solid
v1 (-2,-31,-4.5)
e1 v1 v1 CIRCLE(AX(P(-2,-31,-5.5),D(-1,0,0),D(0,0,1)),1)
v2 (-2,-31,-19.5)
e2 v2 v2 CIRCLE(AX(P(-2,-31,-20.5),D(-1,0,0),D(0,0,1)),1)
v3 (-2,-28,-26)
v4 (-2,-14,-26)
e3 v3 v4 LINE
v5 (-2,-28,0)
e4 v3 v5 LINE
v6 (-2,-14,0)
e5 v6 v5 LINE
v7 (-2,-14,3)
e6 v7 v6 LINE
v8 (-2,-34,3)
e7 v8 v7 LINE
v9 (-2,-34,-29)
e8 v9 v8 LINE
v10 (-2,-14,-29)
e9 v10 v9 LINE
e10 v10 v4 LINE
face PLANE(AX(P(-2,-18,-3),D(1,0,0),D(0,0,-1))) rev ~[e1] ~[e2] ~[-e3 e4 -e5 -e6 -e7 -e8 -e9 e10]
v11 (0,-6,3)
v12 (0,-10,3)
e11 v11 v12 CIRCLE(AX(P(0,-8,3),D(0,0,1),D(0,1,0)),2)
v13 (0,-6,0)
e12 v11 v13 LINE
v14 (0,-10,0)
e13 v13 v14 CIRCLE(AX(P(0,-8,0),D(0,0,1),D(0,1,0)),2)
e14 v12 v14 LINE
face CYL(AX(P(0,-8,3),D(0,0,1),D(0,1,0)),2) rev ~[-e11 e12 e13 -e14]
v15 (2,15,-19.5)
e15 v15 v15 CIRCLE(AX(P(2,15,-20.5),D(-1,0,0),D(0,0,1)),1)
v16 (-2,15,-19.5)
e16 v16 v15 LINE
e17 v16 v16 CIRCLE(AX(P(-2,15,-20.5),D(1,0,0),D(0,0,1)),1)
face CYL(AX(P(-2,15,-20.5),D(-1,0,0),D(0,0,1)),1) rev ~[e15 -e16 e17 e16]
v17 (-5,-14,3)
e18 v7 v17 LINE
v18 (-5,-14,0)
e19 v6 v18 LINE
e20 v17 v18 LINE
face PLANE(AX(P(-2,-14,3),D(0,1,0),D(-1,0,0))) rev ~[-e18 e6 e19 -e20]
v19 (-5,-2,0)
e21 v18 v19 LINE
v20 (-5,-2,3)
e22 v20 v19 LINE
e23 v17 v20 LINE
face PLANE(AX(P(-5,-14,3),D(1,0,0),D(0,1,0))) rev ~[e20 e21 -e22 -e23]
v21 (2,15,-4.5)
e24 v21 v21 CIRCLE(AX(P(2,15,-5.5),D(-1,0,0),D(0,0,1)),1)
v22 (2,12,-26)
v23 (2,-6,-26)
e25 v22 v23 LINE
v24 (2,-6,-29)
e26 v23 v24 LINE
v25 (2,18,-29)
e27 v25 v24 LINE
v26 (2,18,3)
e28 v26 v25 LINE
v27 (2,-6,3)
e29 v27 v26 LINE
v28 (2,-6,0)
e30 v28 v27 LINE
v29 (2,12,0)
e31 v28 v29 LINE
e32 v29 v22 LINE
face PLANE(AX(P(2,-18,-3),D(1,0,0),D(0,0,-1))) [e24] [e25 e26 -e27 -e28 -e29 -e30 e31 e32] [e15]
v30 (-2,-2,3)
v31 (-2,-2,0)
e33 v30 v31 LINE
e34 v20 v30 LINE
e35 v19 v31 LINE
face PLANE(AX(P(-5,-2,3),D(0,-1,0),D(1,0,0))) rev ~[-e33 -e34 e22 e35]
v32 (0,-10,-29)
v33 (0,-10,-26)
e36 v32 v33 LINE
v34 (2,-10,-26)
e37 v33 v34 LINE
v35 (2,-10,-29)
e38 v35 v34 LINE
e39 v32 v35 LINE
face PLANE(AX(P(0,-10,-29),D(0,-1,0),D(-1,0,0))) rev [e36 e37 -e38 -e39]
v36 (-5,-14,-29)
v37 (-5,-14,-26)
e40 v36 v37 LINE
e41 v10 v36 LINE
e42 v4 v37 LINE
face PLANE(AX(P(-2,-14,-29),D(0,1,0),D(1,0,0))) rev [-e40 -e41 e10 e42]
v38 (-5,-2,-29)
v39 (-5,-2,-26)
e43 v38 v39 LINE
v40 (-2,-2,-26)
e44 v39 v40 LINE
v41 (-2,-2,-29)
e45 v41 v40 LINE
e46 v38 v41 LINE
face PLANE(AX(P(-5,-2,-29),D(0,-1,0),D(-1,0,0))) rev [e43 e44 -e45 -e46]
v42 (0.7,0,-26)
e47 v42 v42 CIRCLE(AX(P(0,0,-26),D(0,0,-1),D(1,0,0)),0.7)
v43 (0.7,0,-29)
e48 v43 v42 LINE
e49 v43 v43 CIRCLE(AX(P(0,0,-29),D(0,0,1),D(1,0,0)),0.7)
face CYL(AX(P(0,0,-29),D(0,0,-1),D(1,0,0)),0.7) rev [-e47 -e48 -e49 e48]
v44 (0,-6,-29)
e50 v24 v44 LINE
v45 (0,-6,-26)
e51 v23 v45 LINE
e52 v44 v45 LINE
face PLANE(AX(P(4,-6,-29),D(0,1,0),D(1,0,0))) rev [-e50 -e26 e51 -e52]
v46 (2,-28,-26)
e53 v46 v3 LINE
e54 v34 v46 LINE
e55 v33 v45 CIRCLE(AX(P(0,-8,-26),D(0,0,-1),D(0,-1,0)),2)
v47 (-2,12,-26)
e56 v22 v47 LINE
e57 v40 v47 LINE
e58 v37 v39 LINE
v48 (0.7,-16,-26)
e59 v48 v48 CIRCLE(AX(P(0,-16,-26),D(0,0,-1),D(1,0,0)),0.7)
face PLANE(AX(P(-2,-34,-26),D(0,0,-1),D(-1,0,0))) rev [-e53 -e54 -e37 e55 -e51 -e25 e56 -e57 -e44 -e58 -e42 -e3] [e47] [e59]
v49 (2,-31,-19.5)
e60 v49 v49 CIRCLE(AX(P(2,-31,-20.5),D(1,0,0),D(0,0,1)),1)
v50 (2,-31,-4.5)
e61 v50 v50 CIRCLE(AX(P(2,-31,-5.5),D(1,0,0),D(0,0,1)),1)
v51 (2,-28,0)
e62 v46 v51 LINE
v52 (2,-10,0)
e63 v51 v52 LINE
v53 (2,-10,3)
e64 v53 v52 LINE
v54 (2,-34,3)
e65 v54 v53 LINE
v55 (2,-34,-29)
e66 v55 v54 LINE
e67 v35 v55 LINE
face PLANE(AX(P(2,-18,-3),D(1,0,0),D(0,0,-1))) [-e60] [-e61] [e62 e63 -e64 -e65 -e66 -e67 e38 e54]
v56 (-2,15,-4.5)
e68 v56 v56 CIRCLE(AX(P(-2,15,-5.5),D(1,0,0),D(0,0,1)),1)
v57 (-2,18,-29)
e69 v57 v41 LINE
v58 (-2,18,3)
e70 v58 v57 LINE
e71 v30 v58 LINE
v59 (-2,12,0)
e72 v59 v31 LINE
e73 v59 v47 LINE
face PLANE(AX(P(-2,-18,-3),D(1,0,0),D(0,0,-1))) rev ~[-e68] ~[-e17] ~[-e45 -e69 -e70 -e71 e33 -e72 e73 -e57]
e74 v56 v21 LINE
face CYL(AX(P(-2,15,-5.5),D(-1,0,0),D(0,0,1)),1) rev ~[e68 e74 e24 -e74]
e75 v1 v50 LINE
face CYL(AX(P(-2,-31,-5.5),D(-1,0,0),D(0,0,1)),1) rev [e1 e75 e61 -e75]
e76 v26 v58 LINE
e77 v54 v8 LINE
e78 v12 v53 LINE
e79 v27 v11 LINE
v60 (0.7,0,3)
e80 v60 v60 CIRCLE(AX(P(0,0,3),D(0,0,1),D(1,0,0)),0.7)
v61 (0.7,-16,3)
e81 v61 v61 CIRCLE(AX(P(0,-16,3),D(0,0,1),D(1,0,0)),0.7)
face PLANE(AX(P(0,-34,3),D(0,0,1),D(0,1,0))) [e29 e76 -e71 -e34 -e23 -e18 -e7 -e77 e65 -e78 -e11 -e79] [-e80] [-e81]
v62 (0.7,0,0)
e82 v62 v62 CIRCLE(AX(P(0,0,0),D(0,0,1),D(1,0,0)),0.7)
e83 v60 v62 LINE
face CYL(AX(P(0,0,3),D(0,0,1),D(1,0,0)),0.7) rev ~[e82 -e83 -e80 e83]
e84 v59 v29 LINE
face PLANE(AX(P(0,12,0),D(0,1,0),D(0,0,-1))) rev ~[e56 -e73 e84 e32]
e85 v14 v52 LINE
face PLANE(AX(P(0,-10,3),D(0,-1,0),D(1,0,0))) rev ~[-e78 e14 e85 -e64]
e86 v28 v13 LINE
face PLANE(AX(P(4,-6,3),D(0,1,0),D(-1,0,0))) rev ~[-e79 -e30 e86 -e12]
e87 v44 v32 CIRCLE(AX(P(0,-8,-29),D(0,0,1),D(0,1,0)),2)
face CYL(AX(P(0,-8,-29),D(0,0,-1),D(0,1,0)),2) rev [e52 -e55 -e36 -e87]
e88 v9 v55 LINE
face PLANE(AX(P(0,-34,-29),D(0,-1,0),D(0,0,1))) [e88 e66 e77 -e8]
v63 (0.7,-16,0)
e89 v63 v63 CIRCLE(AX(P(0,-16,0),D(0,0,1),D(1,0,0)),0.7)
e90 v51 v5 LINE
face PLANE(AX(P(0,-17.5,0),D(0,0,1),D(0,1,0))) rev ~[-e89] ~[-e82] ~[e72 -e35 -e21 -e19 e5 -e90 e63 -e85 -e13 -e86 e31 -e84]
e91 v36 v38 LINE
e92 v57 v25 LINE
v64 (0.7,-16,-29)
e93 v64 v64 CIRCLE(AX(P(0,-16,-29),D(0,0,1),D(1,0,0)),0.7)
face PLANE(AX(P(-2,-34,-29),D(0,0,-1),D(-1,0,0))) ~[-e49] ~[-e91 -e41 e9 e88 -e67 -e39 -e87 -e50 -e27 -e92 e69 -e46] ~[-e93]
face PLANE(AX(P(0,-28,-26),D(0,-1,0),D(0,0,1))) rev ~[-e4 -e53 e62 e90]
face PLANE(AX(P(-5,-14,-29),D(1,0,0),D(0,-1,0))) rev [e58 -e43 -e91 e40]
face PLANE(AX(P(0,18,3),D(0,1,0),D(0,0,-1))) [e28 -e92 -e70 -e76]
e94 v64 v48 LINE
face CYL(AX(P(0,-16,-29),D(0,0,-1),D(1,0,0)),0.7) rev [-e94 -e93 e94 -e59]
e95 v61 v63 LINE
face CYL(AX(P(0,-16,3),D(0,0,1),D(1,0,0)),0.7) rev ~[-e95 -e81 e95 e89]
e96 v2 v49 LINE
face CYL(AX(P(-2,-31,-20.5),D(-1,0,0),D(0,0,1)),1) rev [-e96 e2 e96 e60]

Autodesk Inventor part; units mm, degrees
ref_plane "YZ Plane" through (0, 0, 0) normal (1, 0, 0) x (0, 1, 0)
ref_plane "XZ Plane" through (0, 0, 0) normal (0, 1, 0) x (-1, 0, 0)
ref_plane "XY Plane" through (0, 0, 0) normal (0, 0, 1) x (1, 0, 0)
ref_plane "Work Plane1" through (0, -18, -3) normal (1, 0, 0) x (0, 0, -1)
sketch "Sketch2" plane through (0, -18, -3) normal (1, 0, 0) x (0, 0, -1)
  line L0 (-2.3324, 4.2554) -> (0, 4.2554) projected
  arc A0 (-3, 4) -> (-2.3324, 4.2554) centre (-3, 5) ccw projected
  line L1 (-3, 0.5) -> (-3, 4) projected
  line L2 (0, 0.5) -> (-3, 0.5) projected
  line L3 (0, 4.2554) -> (0, 0.5) projected
  line L4 (0, 15.7446) -> (-2.3324, 15.7446) projected
  line L5 (0, 19.5) -> (0, 15.7446) projected
  line L6 (-3, 19.5) -> (0, 19.5) projected
  line L7 (-3, 16) -> (-3, 19.5) projected
  arc A1 (-2.3324, 15.7446) -> (-3, 16) centre (-3, 15) ccw projected
  line L8 (20, 4.2554) -> (22.3324, 4.2554) projected
  line L9 (20, 0.5) -> (20, 4.2554) projected
  line L10 (23, 0.5) -> (20, 0.5) projected
  line L11 (23, 4) -> (23, 0.5) projected
  arc A2 (22.3324, 4.2554) -> (23, 4) centre (23, 5) ccw projected
  line L12 (22.3324, 15.7446) -> (20, 15.7446) projected
  arc A3 (23, 16) -> (22.3324, 15.7446) centre (23, 15) ccw projected
  line L13 (23, 19.5) -> (23, 16) projected
  line L14 (20, 19.5) -> (23, 19.5) projected
  line L15 (20, 15.7446) -> (20, 19.5) projected
  line L16 (20, 4.2554) -> (20, 15.7446)
  line L17 (0, 15.7446) -> (0, 4.2554)
  line L18 (20, 10) -> (0, 10)
  line L19 (23, -10) -> (-3, -10)
  line L20 (-3, -10) -> (-3, 30)
  line L21 (-3, 30) -> (23, 30)
  line L22 (23, 30) -> (23, -10)
  line L23 (23, -10) -> (-3, 30) construction
  line L24 (-3, -10) -> (23, 30) construction
  line L25 (26, -16) -> (-6, -16)
  line L26 (-6, -16) -> (-6, 36)
  line L27 (-6, 36) -> (26, 36)
  line L28 (26, 36) -> (26, -16)
  line L29 (26, -16) -> (-6, 36) construction
  line L30 (-6, -16) -> (26, 36) construction
  point P0 (-3, 18)
  point P1 (10, 10)
  point P2 (-3, 4)
  dimension "d2" = 26
  dimension "d3" = 40
  dimension "d4" = 6
  dimension "d5" = 3
extrude "Extrusion1" add sketch "Sketch2" along normal mid plane 4
ref_plane "Work Plane2" through (-2, -34, -13) normal (0, 0, 1) x (1, 0, 0)
sketch "Sketch3" plane through (-2, -34, 3) normal (0, 0, 1) x (1, 0, 0)
  circle A0 centre (2, 26) radius 1.5 projected
  line L0 (0, 0) -> (4, 0) projected
  line L1 (4, 52) -> (4, 0) projected
  line L2 (0, 52) -> (4, 52) projected
  line L3 (0, 0) -> (0, 52) projected
  line L4 (7, 20) -> (-3, 20)
  line L5 (-3, 20) -> (-3, 32)
  line L6 (-3, 32) -> (7, 32)
  line L7 (7, 32) -> (7, 20)
  line L8 (7, 20) -> (-3, 32) construction
  line L9 (-3, 20) -> (7, 32) construction
  point P0 (2, 34)
  point P1 (0, 20)
  point P2 (0, 32)
  dimension "d8" = 10
  dimension "d9" = 12
extrude "Extrusion2" add sketch "Sketch3" against normal up to surface (3 mm away) contours L4 L5 L6 L3
sketch "Sketch4" plane through (-2, -34, 3) normal (0, 0, 1) x (1, 0, 0)
  circle A0 centre (2, 18) radius 0.7 projected
  circle A1 centre (2, 34) radius 0.7 projected
  circle A2 centre (2, 26) radius 1.5 projected
  line L0 (2, 26) -> (6, 26) construction
  line L1 (2, 24) -> (6, 24)
  line L2 (6, 28) -> (2, 28)
  arc A3 (2, 28) -> (2, 24) centre (2, 26) ccw
  arc A4 (6, 24) -> (6, 28) centre (6, 26) ccw
  point P0 (4, 26)
  dimension "d12" = 4
  dimension "d13" = 4
extrude "Extrusion3" cut sketch "Sketch4" against normal blind 4 contours A0 | A1 | A2 | A3 L2 A4 L1
mirror "Mirror1" about plane through (-2, -34, -13) normal (0, 0, 1) of "Extrusion3", "Extrusion2"
sketch "Sketch5" plane through (-2, -18, -3) normal (-1, 0, 0) x (0, 0, 1)
  line L0 (-26, 16) -> (-23, 16) projected
  line L1 (-23, 16) -> (-23, 30) projected
  line L2 (-23, 30) -> (3, 30) projected
  line L3 (3, 30) -> (3, 16) projected
  line L4 (3, 16) -> (6, 16) projected
  line L5 (6, 16) -> (6, 36) projected
  line L6 (6, 36) -> (-26, 36) projected
  line L7 (-26, 36) -> (-26, 16) projected
  line L8 (3, 16) -> (3, 4) projected
  line L9 (-23, 16) -> (-23, 4) projected
  line L10 (3, 10) -> (-23, 10)
  line L11 (-2.5, -13) -> (-17.5, -13)
  line L12 (-17.5, -13) -> (-17.5, 33)
  line L13 (-17.5, 33) -> (-2.5, 33)
  line L14 (-2.5, 33) -> (-2.5, -13)
  line L15 (-2.5, -13) -> (-17.5, 33) construction
  line L16 (-17.5, -13) -> (-2.5, 33) construction
  line L17 (-23, 30) -> (3, 30) projected
  circle A0 centre (-2.5, 33) radius 1
  circle A1 centre (-17.5, 33) radius 1
  point P0 (3, 18)
  point P1 (-10, 10)
  dimension "d16" = 15
  dimension "d17" = 46
  dimension "d18" = 2
  dimension "d19" = 2
extrude "Extrusion4" cut sketch "Sketch5" against normal blind 4 contours A1 L13 L12 | L12 L13 A1 | A0 L13 L14 | L14 L13 A0
ref_plane "Work Plane3" through (-2, -8, 3) normal (0, 1, 0) x (1, 0, 0)
mirror "Mirror2" about plane through (-2, -8, 3) normal (0, 1, 0) of "Extrusion4"
properties part number "cpr_shell_1"
